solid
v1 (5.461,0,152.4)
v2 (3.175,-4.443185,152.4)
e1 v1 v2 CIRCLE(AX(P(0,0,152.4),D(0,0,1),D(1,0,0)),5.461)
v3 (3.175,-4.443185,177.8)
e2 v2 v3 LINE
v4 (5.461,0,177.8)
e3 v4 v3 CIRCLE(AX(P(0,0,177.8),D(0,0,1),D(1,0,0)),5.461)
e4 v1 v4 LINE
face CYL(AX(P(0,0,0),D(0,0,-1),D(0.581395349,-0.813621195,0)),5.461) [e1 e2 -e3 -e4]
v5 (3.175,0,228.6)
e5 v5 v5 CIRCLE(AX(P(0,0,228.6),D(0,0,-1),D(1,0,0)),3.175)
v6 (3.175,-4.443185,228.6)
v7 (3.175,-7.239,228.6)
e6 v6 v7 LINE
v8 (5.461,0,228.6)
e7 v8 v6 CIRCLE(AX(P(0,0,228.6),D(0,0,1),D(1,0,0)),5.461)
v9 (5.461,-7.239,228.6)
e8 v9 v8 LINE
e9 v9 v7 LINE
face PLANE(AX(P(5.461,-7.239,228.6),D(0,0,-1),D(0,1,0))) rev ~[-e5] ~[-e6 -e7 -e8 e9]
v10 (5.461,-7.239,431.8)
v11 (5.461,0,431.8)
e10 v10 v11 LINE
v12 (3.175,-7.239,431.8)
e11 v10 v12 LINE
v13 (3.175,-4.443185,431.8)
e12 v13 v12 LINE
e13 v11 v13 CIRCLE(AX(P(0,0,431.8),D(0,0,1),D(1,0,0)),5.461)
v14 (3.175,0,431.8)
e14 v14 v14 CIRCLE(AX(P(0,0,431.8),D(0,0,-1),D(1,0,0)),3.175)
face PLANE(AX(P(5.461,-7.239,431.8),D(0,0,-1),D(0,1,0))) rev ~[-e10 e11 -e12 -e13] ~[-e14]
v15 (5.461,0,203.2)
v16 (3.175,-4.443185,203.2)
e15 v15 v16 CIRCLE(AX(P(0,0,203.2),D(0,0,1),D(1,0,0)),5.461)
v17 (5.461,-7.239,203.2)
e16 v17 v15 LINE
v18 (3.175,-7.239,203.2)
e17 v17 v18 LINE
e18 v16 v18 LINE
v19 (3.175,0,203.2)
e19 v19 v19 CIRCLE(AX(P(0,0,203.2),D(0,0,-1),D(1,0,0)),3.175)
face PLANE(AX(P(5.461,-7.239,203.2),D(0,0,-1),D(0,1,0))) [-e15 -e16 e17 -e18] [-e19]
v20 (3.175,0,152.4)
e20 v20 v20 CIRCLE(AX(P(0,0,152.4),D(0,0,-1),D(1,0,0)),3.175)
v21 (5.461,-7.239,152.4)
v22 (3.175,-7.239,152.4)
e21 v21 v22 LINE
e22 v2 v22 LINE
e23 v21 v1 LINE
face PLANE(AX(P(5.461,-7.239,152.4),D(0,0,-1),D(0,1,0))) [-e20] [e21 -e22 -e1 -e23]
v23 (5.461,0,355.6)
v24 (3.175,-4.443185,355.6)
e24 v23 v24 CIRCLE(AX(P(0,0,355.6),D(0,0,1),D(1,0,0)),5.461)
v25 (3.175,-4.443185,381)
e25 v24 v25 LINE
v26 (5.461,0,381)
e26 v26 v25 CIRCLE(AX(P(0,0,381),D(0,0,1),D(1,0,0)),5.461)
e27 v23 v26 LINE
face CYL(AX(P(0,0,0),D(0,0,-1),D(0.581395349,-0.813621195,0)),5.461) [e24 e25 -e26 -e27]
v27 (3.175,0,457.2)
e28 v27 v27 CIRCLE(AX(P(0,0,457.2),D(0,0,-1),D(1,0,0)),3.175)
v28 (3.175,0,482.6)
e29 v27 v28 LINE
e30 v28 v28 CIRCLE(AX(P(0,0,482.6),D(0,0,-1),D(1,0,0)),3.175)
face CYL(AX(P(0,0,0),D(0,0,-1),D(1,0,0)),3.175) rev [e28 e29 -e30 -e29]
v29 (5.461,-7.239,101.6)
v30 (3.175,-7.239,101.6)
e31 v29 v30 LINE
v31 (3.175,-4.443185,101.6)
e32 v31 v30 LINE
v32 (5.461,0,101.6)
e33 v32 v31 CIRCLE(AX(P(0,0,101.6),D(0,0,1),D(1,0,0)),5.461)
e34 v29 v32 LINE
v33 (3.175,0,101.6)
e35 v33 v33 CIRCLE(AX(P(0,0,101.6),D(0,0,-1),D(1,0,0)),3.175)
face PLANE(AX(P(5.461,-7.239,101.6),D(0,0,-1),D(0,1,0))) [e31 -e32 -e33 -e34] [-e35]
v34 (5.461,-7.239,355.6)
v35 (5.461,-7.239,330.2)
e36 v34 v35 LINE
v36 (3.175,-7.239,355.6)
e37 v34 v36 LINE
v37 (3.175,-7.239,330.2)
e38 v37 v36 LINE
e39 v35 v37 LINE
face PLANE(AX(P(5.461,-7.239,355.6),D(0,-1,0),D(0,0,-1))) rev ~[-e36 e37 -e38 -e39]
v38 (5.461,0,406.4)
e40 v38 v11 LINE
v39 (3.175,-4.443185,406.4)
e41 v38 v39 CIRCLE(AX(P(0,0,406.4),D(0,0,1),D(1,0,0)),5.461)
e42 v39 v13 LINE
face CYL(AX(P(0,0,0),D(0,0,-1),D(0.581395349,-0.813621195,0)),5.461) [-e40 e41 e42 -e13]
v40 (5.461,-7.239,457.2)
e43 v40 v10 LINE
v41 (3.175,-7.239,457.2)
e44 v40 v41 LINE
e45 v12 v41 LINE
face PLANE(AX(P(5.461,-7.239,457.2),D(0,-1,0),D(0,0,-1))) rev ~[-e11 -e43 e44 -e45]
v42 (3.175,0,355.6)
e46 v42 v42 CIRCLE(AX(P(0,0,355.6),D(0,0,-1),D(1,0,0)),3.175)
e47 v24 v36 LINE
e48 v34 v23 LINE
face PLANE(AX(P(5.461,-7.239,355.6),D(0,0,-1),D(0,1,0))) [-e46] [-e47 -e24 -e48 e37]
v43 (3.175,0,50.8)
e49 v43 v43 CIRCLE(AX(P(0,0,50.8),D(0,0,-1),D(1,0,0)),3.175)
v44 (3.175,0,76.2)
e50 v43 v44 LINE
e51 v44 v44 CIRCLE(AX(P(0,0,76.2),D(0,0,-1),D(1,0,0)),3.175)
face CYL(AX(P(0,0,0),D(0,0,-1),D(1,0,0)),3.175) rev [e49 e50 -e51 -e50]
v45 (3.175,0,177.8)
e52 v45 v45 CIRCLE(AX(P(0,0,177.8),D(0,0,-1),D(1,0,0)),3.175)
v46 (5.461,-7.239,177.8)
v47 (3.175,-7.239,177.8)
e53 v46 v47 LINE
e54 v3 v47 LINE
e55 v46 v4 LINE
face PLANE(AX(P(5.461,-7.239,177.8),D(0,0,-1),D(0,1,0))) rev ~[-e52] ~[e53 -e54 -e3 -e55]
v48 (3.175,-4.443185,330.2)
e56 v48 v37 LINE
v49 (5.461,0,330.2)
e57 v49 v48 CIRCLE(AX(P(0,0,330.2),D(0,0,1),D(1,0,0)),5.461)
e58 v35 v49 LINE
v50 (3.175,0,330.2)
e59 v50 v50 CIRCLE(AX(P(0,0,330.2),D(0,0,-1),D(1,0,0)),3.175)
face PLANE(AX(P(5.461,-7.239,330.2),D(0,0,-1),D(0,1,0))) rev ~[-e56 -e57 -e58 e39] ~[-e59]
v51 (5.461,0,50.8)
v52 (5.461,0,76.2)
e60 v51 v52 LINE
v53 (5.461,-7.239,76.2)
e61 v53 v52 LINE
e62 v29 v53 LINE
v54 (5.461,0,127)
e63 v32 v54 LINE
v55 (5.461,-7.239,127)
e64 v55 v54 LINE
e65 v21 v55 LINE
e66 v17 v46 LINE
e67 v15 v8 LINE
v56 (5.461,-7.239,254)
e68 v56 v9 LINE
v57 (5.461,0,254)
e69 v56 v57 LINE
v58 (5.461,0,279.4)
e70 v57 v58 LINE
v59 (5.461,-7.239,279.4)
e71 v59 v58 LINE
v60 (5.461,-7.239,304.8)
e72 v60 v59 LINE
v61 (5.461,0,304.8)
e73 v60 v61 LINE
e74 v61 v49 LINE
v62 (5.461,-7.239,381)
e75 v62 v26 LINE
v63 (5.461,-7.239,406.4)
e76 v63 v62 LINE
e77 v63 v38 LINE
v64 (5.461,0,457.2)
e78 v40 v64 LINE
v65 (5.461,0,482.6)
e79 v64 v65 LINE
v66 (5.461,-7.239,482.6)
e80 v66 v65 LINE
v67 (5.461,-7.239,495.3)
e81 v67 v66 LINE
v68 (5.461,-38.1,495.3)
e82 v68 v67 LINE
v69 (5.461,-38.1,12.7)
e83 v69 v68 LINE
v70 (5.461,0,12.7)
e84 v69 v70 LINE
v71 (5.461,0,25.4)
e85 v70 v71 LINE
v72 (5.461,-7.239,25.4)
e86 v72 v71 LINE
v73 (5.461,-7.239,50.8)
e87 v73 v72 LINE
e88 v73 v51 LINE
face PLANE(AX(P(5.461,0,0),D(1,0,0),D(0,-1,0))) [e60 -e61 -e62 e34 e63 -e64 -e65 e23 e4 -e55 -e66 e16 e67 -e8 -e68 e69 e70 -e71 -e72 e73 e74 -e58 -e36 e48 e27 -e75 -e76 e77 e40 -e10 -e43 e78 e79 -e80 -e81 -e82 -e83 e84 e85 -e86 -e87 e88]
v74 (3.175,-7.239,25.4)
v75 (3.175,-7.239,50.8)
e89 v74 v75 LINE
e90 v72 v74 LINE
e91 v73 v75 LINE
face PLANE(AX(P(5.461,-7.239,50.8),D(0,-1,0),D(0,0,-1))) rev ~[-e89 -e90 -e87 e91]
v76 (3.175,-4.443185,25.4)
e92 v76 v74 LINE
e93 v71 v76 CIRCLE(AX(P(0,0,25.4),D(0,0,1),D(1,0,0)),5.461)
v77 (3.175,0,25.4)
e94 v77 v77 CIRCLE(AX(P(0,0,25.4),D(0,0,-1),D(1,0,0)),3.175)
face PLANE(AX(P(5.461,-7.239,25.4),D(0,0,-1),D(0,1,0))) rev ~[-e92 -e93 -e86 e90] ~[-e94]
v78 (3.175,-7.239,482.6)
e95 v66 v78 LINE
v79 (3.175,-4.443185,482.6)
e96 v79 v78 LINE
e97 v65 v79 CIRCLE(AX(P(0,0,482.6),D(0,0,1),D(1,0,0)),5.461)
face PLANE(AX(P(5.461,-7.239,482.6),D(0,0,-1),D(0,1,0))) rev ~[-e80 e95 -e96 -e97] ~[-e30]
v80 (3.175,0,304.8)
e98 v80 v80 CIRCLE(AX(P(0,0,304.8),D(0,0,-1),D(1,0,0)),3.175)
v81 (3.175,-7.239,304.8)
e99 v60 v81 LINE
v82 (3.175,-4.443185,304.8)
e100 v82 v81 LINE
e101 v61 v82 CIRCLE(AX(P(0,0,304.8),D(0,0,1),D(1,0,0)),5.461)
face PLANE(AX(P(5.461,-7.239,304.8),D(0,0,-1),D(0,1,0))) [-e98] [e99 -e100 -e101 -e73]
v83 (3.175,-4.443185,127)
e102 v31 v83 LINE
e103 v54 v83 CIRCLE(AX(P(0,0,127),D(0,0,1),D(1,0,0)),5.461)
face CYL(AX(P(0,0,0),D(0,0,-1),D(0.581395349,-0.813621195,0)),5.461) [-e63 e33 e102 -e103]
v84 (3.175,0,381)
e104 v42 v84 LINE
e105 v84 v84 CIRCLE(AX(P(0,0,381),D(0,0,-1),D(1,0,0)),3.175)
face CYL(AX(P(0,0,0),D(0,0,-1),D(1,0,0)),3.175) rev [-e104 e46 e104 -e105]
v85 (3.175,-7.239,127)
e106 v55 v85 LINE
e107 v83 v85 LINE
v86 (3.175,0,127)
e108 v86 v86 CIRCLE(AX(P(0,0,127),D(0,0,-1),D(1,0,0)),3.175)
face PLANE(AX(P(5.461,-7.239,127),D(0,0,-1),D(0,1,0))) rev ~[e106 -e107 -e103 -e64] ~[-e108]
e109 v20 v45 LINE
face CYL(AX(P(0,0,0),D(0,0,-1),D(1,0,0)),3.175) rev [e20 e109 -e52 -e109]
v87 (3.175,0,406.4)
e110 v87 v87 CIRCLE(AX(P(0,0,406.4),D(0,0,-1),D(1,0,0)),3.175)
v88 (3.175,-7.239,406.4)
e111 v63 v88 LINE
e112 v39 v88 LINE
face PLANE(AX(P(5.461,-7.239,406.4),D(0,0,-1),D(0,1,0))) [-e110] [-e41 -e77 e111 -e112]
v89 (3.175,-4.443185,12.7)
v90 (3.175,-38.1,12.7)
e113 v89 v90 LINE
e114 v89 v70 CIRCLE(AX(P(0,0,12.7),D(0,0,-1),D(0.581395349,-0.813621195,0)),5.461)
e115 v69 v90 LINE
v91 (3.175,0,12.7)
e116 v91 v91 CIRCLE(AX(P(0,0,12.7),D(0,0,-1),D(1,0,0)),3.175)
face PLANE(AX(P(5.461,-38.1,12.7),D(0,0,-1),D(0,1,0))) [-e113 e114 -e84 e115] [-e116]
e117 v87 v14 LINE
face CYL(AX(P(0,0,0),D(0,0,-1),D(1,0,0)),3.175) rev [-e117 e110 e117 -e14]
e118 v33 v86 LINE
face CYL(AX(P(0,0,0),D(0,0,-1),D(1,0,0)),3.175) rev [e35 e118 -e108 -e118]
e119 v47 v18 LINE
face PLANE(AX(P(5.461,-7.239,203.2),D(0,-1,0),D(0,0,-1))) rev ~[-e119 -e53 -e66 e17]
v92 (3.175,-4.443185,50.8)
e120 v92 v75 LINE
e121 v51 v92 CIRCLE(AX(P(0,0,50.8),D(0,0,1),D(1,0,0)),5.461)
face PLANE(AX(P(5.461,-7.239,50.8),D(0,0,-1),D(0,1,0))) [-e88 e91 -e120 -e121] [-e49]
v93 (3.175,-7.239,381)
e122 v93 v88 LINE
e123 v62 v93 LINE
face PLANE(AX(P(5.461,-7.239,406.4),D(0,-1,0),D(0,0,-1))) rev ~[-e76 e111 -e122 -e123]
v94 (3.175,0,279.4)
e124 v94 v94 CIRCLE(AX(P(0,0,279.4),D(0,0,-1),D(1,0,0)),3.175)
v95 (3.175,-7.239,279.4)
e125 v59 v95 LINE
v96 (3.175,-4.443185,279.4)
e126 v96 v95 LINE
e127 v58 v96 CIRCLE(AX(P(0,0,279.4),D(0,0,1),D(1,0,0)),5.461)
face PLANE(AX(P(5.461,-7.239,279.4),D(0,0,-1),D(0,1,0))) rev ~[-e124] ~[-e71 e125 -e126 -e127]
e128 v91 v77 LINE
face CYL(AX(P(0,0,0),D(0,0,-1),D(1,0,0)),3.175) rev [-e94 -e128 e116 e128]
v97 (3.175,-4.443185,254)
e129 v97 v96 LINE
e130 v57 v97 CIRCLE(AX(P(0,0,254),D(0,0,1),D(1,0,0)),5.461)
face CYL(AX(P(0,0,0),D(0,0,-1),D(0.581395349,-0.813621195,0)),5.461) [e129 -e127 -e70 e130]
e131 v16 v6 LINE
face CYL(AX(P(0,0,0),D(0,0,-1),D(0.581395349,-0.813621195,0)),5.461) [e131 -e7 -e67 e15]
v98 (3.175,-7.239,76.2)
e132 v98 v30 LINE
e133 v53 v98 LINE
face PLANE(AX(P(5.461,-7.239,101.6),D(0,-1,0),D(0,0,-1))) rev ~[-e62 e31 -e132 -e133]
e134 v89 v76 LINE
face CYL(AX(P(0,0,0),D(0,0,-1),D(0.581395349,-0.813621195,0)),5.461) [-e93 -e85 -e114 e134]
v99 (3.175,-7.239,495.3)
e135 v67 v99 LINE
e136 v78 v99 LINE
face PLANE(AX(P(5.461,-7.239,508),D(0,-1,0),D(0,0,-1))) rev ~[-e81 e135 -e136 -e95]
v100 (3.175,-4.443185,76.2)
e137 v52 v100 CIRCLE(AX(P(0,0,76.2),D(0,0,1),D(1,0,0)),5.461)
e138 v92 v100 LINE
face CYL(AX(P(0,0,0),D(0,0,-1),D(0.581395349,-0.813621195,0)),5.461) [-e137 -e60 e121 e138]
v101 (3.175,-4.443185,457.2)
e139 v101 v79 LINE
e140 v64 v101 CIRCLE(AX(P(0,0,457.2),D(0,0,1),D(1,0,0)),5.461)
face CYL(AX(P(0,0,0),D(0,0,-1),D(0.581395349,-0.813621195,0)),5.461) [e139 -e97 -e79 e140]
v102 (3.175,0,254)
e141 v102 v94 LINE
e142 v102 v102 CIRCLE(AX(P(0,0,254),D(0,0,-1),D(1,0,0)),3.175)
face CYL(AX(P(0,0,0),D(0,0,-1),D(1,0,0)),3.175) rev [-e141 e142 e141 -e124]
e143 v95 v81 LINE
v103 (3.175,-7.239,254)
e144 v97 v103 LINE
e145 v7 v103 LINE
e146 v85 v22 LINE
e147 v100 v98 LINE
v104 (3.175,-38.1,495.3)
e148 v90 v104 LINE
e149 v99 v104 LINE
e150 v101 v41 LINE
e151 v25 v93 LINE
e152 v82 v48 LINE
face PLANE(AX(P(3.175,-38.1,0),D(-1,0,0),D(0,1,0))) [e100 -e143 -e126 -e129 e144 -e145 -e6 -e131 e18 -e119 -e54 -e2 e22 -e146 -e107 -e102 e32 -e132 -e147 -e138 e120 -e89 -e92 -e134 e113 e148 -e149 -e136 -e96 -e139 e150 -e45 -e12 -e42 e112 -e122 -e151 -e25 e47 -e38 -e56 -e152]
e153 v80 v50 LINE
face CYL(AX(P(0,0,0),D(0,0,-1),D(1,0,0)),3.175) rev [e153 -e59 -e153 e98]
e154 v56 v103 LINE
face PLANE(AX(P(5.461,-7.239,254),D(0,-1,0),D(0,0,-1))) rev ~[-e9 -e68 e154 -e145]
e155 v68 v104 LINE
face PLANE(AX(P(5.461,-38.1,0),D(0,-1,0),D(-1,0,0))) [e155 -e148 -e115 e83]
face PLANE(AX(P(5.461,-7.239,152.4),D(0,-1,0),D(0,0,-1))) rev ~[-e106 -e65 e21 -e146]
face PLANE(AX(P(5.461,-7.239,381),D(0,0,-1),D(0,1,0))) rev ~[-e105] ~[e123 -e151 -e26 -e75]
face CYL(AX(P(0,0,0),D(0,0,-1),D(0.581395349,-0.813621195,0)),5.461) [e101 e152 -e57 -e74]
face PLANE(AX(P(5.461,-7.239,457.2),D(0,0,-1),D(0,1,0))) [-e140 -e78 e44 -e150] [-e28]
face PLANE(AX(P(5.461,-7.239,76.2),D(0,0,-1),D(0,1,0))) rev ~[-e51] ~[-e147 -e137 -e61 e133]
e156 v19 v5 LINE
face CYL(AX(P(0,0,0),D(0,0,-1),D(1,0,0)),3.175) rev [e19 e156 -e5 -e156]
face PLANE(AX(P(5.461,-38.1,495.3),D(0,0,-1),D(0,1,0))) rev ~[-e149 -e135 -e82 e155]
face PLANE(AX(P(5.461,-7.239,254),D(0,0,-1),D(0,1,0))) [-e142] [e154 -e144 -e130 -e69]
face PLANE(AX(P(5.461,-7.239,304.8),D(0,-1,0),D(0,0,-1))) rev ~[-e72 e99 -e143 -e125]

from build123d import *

# Parameters (mm, degrees)
SKETCH1_R           = 3.175
BOSS_EXTRUDE1_DEPTH = 508
SKETCH2_W           = 25.4
SKETCH2_H           = 12.7
CUT_EXTRUDE1_DEPTH  = 11.922
LPATTERN1_COUNT     = 10
LPATTERN1_PITCH     = 50.8
SKETCH4_W           = 12.7
SKETCH4_H           = 30.861
SKETCH4_H_2         = 43.561
CUT_EXTRUDE2_DEPTH  = 11.922


with BuildPart() as part:
    # Sketch1 → Boss-Extrude1 (new body)
    with BuildSketch(Plane.XY):
        with BuildLine():
            Line((5.461, 0), (5.461, -38.1))
            Line((5.461, -38.1), (3.175, -38.1))
            Line((3.175, -38.1), (3.175, -4.443185344))
            ThreePointArc((3.175, -4.443185344), (-4.855985791, 2.498384078), (5.461, 0))
        make_face()
        Circle(SKETCH1_R, mode=Mode.SUBTRACT)
    extrude(amount=BOSS_EXTRUDE1_DEPTH)

    # Sketch2 → Cut-Extrude1 (cut, through all)
    with BuildSketch(Plane(origin=(5.461, 0, 0), x_dir=(0, 0, -1), z_dir=(1, 0, 0))):
        with Locations((-495.3, -0.889)):
            Rectangle(SKETCH2_W, SKETCH2_H)
    cut_extrude1 = extrude(amount=-CUT_EXTRUDE1_DEPTH, mode=Mode.SUBTRACT)

    # LPattern1: Cut-Extrude1 ×10
    with Locations(*[(0, 0, -i * LPATTERN1_PITCH) for i in range(1, LPATTERN1_COUNT)]):
        add(cut_extrude1, mode=Mode.SUBTRACT)

    # Sketch4 → Cut-Extrude2 (cut, through all)
    with BuildSketch(Plane(origin=(5.461, 0, 0), x_dir=(0, 0, -1), z_dir=(1, 0, 0))):
        with Locations((-501.65, -22.6695)):
            Rectangle(SKETCH4_W, SKETCH4_H)
        with Locations((-6.35, -16.3195)):
            Rectangle(SKETCH4_W, SKETCH4_H_2)
    extrude(amount=-CUT_EXTRUDE2_DEPTH, mode=Mode.SUBTRACT)


solid = part.part
